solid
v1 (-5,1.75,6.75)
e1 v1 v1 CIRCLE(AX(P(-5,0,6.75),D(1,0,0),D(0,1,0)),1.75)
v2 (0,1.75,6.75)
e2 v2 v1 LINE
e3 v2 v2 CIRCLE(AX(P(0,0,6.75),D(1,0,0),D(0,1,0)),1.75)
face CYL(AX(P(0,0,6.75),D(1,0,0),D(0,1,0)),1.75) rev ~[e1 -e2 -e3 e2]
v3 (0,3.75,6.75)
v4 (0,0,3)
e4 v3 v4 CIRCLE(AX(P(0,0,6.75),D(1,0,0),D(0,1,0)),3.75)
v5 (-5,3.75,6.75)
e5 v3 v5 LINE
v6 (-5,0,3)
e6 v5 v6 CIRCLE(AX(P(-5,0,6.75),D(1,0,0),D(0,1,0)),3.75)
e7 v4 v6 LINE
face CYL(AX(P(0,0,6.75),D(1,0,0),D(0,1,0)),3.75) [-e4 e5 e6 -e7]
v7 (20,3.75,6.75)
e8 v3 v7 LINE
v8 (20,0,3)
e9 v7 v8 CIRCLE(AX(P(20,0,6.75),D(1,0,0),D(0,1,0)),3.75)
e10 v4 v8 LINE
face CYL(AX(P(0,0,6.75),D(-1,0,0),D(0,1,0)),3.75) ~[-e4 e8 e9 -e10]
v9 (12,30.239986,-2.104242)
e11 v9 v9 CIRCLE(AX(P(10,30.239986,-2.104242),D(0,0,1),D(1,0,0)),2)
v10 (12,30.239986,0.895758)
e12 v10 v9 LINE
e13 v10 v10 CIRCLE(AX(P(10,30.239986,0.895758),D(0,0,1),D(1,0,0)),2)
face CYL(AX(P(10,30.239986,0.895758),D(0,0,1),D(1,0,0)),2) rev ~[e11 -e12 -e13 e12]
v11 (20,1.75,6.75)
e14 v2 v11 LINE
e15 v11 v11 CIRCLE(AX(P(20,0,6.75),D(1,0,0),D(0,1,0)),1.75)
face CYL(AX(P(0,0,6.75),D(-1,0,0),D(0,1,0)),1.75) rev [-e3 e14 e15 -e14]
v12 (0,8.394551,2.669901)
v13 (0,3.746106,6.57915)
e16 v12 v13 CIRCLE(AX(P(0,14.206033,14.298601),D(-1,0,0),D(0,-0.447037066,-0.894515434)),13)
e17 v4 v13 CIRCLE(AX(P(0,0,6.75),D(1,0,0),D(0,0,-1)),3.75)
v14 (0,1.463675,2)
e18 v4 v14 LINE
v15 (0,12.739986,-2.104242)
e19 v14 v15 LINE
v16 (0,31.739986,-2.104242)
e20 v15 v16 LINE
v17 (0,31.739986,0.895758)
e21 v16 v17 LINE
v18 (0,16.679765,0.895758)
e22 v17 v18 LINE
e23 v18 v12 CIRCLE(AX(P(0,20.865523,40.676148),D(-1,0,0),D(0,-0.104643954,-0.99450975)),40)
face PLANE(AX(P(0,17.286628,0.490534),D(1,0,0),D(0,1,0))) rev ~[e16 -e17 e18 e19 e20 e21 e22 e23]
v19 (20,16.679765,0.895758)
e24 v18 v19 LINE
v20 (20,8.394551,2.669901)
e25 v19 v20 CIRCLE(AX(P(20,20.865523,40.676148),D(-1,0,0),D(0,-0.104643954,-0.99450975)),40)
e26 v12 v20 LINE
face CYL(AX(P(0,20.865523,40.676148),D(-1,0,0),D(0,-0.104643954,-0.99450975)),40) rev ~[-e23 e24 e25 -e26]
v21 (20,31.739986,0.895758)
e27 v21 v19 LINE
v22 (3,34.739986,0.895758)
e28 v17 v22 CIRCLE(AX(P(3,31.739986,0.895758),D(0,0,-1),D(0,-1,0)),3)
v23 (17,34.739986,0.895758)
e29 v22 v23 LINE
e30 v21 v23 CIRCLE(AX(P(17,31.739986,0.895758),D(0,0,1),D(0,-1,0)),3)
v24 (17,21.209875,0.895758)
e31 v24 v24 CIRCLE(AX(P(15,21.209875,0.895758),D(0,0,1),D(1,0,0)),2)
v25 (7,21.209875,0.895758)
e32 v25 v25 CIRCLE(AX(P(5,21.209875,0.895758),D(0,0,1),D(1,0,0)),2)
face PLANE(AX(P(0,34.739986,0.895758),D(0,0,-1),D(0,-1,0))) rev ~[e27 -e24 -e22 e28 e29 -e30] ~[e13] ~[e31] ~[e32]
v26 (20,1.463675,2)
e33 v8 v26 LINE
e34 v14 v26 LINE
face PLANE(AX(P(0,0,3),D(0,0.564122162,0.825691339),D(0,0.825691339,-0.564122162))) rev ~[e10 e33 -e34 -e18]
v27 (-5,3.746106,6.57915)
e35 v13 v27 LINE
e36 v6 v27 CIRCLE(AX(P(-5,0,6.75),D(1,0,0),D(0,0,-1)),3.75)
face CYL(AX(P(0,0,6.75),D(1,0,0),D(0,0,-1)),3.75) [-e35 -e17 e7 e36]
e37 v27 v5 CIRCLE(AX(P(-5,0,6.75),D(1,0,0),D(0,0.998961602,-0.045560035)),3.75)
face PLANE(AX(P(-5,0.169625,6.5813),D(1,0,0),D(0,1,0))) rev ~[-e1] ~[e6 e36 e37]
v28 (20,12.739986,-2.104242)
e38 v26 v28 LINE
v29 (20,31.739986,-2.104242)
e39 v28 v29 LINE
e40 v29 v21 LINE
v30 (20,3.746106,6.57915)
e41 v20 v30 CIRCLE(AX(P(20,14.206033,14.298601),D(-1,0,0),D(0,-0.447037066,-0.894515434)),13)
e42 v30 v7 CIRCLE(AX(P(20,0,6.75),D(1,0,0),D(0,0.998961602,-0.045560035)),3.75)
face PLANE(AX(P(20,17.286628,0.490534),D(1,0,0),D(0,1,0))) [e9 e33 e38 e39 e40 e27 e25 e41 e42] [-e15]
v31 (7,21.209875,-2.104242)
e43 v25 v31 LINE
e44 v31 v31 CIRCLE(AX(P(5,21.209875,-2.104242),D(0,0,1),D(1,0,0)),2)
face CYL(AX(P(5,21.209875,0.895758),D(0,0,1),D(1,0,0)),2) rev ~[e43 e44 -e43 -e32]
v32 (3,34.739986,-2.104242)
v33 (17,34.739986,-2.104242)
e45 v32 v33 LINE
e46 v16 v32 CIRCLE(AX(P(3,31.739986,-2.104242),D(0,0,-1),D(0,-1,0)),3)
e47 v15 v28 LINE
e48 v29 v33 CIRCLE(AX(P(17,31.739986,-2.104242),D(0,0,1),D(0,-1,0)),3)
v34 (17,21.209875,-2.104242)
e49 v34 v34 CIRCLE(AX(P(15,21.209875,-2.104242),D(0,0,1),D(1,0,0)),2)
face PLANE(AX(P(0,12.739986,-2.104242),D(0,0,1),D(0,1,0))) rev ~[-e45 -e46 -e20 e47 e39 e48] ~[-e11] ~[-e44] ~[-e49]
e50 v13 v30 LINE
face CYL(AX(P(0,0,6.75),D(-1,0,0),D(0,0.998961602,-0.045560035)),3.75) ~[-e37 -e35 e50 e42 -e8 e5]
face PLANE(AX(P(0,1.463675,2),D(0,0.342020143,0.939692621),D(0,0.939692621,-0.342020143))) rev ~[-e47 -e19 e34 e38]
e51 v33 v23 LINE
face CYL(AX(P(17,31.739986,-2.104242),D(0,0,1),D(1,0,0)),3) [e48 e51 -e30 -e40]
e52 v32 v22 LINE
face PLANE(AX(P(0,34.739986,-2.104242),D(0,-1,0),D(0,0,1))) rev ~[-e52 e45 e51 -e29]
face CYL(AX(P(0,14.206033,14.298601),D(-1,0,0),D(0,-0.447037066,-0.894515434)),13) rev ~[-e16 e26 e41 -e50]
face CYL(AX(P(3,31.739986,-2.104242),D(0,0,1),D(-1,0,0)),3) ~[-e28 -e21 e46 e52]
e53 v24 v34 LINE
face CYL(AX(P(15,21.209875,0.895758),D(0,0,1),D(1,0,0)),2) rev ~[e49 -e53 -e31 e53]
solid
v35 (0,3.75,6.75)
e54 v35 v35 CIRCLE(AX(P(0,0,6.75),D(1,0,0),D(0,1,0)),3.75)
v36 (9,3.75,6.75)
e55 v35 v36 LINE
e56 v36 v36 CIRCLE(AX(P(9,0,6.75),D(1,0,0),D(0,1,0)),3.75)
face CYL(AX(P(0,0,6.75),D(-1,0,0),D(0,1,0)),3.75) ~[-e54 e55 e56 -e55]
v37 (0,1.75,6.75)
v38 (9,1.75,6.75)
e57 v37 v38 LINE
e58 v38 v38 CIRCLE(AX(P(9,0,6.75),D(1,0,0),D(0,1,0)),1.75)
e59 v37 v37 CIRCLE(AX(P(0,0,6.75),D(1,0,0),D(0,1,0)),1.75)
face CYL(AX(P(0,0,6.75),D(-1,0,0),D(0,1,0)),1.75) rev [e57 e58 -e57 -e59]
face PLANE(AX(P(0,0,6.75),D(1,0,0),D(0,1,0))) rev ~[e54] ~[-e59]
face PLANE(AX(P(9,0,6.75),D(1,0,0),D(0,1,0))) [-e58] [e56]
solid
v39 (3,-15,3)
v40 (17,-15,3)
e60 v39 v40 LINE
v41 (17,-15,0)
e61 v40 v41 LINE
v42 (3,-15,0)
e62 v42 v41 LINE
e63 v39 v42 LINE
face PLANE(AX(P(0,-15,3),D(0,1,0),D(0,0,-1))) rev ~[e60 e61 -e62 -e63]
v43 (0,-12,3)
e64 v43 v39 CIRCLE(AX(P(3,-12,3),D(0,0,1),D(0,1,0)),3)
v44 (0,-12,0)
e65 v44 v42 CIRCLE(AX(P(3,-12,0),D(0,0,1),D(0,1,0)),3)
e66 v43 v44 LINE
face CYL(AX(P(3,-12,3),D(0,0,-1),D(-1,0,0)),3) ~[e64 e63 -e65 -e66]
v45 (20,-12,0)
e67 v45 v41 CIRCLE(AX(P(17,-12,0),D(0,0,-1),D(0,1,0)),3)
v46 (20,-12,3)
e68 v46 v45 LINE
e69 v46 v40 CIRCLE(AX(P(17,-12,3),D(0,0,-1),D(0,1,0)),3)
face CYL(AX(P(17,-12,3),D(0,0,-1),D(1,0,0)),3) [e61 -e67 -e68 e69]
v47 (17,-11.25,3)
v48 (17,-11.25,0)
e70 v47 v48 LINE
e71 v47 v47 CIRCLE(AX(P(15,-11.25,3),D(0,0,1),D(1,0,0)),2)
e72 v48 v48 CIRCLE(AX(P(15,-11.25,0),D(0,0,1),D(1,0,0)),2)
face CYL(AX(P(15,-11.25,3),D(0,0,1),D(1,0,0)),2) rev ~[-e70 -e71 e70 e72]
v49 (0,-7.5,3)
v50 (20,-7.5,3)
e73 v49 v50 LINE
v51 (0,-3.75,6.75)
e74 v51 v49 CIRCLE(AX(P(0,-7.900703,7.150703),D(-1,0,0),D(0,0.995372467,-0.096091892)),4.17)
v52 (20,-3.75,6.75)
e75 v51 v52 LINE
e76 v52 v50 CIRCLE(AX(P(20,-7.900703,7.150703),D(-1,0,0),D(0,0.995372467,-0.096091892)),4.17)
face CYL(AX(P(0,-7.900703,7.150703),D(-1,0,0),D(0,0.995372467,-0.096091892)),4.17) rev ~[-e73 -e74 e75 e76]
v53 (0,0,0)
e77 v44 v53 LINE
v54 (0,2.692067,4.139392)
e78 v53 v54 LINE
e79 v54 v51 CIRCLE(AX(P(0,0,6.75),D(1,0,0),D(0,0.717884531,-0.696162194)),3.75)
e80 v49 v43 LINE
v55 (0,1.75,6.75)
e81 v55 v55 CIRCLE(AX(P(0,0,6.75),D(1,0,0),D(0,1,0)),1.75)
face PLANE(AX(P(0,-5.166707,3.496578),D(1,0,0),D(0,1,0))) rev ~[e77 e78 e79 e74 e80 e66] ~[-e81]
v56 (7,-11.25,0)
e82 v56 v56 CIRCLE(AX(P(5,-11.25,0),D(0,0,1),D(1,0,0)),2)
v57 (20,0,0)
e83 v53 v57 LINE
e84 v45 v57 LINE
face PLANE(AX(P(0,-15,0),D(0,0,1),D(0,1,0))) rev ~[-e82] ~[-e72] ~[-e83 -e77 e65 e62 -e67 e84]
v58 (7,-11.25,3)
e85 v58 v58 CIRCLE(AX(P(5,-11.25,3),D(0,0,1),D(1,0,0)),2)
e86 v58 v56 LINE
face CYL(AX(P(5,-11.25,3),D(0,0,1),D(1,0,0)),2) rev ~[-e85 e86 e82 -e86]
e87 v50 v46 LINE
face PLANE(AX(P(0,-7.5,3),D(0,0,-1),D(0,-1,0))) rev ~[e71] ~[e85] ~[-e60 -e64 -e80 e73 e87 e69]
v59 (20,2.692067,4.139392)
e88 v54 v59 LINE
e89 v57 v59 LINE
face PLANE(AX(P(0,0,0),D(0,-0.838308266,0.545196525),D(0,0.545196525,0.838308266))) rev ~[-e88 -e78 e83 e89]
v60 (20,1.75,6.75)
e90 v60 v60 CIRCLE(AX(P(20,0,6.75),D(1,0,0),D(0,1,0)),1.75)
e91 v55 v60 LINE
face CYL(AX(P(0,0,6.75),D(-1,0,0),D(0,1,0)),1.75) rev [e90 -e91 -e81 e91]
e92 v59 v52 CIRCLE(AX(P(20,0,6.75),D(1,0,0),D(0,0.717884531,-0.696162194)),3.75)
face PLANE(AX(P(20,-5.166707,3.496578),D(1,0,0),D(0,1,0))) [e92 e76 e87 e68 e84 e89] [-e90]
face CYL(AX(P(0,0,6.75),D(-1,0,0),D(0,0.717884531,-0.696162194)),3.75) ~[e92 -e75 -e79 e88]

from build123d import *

# Parameters (mm, degrees)
F0_R      = 1.75
F1_DEPTH  = 20
F2_R      = 2
F3_DEPTH  = 3
F4_R      = 3
F5_R      = 1.75
F6_DEPTH  = 5
F7_DEPTH  = 20
F8_R      = 3
F9_R      = 2
F10_DEPTH = 3
F11_R     = 3.75
F11_R_2   = 1.75
F12_DEPTH = 9


with BuildPart() as f1:
    # F0 (on Right) → F1 (new body)
    with BuildSketch(Plane.YZ):
        with BuildLine():
            Line((0, 0), (2.6920669918, 4.1393917737))
            ThreePointArc((2.6920669918, 4.1393917737), (1.4084120101, 10.2254676822), (-3.75, 6.75))
            ThreePointArc((-3.75, 6.75), (-4.9520679105, 4.2020679105), (-7.5, 3))
            Line((-7.5, 3), (-15, 3))
            Line((-15, 3), (-15, 0))
            Line((-15, 0), (0, 0))
        make_face()
        with Locations((0, 6.75)):
            Circle(F0_R, mode=Mode.SUBTRACT)
    extrude(amount=F1_DEPTH)

    # F2 (on face) → F3 (cut, through all)
    with BuildSketch(Plane.XY.offset(3)):
        with Locations((5, -11.25)):
            Circle(F2_R)
        with Locations((15, -11.25)):
            Circle(F2_R)
    extrude(amount=-F3_DEPTH, mode=Mode.SUBTRACT)

    # F4
    f4_edges = [f1.edges().sort_by_distance(p)[0] for p in [
        (0, -15, 1.5),
        (20, -15, 1.5),
    ]]
    fillet(f4_edges, radius=F4_R)


with BuildPart() as f6:
    # F5 (on Right) → F6 (new body)
    with BuildSketch(Plane.YZ):
        with BuildLine():
            ThreePointArc((3.7461060092, 6.5791498681), (3.7490263759, 6.6645527491), (3.75, 6.75))
            ThreePointArc((3.75, 6.75), (-2.6516504294, 9.4016504294), (0, 3))
            ThreePointArc((0, 3), (2.5905416427, 4.0386176962), (3.7461060092, 6.5791498681))
        make_face()
        with Locations((0, 6.75)):
            Circle(F5_R, mode=Mode.SUBTRACT)
    extrude(amount=-F6_DEPTH)

    # F5 (on Right) → F7 (join)
    with BuildSketch(Plane.YZ):
        with BuildLine():
            ThreePointArc((3.7461060092, 6.5791498681), (2.5905416427, 4.0386176962), (0, 3))
            Line((0, 3), (1.4636747047, 2))
            Line((1.4636747047, 2), (12.7399861541, -2.1042417199))
            Line((12.7399861541, -2.1042417199), (34.7399861541, -2.1042417199))
            Line((34.7399861541, -2.1042417199), (34.7399861541, 0.8957582801))
            Line((34.7399861541, 0.8957582801), (16.6797647775, 0.8957582801))
            ThreePointArc((16.6797647775, 0.8957582801), (12.4900492437, 1.5628328948), (8.3945510088, 2.6699006453))
            ThreePointArc((8.3945510088, 2.6699006453), (5.8388205012, 4.349241646), (3.7461060092, 6.5791498681))
        make_face()
        with BuildLine():
            ThreePointArc((3.7461060092, 6.5791498681), (3.7490263759, 6.6645527491), (3.75, 6.75))
            ThreePointArc((3.75, 6.75), (-2.6516504294, 9.4016504294), (0, 3))
            ThreePointArc((0, 3), (2.5905416427, 4.0386176962), (3.7461060092, 6.5791498681))
        make_face()
        with Locations((0, 6.75)):
            Circle(F5_R, mode=Mode.SUBTRACT)
    extrude(amount=F7_DEPTH)

    # F8
    f8_edges = [f6.edges().sort_by_distance(p)[0] for p in [
        (20, 34.739986, -0.604242),
        (0, 34.739986, -0.604242),
    ]]
    fillet(f8_edges, radius=F8_R)

    # F9 (on face) → F10 (cut, through all)
    with BuildSketch(Plane.XY.offset(0.8957582801)):
        with Locations((10, 30.2399861541)):
            Circle(F9_R)
        with Locations((5, 21.2098754658)):
            Circle(F9_R)
        with Locations((15, 21.2098754658)):
            Circle(F9_R)
    extrude(amount=-F10_DEPTH, mode=Mode.SUBTRACT)


with BuildPart() as f12:
    # F11 (on Right) → F12 (new body)
    with BuildSketch(Plane.YZ):
        with Locations((0, 6.75)):
            Circle(F11_R)
        with Locations((0, 6.75)):
            Circle(F11_R_2, mode=Mode.SUBTRACT)
    extrude(amount=F12_DEPTH)


solid = Compound([f1.part, f6.part, f12.part])
